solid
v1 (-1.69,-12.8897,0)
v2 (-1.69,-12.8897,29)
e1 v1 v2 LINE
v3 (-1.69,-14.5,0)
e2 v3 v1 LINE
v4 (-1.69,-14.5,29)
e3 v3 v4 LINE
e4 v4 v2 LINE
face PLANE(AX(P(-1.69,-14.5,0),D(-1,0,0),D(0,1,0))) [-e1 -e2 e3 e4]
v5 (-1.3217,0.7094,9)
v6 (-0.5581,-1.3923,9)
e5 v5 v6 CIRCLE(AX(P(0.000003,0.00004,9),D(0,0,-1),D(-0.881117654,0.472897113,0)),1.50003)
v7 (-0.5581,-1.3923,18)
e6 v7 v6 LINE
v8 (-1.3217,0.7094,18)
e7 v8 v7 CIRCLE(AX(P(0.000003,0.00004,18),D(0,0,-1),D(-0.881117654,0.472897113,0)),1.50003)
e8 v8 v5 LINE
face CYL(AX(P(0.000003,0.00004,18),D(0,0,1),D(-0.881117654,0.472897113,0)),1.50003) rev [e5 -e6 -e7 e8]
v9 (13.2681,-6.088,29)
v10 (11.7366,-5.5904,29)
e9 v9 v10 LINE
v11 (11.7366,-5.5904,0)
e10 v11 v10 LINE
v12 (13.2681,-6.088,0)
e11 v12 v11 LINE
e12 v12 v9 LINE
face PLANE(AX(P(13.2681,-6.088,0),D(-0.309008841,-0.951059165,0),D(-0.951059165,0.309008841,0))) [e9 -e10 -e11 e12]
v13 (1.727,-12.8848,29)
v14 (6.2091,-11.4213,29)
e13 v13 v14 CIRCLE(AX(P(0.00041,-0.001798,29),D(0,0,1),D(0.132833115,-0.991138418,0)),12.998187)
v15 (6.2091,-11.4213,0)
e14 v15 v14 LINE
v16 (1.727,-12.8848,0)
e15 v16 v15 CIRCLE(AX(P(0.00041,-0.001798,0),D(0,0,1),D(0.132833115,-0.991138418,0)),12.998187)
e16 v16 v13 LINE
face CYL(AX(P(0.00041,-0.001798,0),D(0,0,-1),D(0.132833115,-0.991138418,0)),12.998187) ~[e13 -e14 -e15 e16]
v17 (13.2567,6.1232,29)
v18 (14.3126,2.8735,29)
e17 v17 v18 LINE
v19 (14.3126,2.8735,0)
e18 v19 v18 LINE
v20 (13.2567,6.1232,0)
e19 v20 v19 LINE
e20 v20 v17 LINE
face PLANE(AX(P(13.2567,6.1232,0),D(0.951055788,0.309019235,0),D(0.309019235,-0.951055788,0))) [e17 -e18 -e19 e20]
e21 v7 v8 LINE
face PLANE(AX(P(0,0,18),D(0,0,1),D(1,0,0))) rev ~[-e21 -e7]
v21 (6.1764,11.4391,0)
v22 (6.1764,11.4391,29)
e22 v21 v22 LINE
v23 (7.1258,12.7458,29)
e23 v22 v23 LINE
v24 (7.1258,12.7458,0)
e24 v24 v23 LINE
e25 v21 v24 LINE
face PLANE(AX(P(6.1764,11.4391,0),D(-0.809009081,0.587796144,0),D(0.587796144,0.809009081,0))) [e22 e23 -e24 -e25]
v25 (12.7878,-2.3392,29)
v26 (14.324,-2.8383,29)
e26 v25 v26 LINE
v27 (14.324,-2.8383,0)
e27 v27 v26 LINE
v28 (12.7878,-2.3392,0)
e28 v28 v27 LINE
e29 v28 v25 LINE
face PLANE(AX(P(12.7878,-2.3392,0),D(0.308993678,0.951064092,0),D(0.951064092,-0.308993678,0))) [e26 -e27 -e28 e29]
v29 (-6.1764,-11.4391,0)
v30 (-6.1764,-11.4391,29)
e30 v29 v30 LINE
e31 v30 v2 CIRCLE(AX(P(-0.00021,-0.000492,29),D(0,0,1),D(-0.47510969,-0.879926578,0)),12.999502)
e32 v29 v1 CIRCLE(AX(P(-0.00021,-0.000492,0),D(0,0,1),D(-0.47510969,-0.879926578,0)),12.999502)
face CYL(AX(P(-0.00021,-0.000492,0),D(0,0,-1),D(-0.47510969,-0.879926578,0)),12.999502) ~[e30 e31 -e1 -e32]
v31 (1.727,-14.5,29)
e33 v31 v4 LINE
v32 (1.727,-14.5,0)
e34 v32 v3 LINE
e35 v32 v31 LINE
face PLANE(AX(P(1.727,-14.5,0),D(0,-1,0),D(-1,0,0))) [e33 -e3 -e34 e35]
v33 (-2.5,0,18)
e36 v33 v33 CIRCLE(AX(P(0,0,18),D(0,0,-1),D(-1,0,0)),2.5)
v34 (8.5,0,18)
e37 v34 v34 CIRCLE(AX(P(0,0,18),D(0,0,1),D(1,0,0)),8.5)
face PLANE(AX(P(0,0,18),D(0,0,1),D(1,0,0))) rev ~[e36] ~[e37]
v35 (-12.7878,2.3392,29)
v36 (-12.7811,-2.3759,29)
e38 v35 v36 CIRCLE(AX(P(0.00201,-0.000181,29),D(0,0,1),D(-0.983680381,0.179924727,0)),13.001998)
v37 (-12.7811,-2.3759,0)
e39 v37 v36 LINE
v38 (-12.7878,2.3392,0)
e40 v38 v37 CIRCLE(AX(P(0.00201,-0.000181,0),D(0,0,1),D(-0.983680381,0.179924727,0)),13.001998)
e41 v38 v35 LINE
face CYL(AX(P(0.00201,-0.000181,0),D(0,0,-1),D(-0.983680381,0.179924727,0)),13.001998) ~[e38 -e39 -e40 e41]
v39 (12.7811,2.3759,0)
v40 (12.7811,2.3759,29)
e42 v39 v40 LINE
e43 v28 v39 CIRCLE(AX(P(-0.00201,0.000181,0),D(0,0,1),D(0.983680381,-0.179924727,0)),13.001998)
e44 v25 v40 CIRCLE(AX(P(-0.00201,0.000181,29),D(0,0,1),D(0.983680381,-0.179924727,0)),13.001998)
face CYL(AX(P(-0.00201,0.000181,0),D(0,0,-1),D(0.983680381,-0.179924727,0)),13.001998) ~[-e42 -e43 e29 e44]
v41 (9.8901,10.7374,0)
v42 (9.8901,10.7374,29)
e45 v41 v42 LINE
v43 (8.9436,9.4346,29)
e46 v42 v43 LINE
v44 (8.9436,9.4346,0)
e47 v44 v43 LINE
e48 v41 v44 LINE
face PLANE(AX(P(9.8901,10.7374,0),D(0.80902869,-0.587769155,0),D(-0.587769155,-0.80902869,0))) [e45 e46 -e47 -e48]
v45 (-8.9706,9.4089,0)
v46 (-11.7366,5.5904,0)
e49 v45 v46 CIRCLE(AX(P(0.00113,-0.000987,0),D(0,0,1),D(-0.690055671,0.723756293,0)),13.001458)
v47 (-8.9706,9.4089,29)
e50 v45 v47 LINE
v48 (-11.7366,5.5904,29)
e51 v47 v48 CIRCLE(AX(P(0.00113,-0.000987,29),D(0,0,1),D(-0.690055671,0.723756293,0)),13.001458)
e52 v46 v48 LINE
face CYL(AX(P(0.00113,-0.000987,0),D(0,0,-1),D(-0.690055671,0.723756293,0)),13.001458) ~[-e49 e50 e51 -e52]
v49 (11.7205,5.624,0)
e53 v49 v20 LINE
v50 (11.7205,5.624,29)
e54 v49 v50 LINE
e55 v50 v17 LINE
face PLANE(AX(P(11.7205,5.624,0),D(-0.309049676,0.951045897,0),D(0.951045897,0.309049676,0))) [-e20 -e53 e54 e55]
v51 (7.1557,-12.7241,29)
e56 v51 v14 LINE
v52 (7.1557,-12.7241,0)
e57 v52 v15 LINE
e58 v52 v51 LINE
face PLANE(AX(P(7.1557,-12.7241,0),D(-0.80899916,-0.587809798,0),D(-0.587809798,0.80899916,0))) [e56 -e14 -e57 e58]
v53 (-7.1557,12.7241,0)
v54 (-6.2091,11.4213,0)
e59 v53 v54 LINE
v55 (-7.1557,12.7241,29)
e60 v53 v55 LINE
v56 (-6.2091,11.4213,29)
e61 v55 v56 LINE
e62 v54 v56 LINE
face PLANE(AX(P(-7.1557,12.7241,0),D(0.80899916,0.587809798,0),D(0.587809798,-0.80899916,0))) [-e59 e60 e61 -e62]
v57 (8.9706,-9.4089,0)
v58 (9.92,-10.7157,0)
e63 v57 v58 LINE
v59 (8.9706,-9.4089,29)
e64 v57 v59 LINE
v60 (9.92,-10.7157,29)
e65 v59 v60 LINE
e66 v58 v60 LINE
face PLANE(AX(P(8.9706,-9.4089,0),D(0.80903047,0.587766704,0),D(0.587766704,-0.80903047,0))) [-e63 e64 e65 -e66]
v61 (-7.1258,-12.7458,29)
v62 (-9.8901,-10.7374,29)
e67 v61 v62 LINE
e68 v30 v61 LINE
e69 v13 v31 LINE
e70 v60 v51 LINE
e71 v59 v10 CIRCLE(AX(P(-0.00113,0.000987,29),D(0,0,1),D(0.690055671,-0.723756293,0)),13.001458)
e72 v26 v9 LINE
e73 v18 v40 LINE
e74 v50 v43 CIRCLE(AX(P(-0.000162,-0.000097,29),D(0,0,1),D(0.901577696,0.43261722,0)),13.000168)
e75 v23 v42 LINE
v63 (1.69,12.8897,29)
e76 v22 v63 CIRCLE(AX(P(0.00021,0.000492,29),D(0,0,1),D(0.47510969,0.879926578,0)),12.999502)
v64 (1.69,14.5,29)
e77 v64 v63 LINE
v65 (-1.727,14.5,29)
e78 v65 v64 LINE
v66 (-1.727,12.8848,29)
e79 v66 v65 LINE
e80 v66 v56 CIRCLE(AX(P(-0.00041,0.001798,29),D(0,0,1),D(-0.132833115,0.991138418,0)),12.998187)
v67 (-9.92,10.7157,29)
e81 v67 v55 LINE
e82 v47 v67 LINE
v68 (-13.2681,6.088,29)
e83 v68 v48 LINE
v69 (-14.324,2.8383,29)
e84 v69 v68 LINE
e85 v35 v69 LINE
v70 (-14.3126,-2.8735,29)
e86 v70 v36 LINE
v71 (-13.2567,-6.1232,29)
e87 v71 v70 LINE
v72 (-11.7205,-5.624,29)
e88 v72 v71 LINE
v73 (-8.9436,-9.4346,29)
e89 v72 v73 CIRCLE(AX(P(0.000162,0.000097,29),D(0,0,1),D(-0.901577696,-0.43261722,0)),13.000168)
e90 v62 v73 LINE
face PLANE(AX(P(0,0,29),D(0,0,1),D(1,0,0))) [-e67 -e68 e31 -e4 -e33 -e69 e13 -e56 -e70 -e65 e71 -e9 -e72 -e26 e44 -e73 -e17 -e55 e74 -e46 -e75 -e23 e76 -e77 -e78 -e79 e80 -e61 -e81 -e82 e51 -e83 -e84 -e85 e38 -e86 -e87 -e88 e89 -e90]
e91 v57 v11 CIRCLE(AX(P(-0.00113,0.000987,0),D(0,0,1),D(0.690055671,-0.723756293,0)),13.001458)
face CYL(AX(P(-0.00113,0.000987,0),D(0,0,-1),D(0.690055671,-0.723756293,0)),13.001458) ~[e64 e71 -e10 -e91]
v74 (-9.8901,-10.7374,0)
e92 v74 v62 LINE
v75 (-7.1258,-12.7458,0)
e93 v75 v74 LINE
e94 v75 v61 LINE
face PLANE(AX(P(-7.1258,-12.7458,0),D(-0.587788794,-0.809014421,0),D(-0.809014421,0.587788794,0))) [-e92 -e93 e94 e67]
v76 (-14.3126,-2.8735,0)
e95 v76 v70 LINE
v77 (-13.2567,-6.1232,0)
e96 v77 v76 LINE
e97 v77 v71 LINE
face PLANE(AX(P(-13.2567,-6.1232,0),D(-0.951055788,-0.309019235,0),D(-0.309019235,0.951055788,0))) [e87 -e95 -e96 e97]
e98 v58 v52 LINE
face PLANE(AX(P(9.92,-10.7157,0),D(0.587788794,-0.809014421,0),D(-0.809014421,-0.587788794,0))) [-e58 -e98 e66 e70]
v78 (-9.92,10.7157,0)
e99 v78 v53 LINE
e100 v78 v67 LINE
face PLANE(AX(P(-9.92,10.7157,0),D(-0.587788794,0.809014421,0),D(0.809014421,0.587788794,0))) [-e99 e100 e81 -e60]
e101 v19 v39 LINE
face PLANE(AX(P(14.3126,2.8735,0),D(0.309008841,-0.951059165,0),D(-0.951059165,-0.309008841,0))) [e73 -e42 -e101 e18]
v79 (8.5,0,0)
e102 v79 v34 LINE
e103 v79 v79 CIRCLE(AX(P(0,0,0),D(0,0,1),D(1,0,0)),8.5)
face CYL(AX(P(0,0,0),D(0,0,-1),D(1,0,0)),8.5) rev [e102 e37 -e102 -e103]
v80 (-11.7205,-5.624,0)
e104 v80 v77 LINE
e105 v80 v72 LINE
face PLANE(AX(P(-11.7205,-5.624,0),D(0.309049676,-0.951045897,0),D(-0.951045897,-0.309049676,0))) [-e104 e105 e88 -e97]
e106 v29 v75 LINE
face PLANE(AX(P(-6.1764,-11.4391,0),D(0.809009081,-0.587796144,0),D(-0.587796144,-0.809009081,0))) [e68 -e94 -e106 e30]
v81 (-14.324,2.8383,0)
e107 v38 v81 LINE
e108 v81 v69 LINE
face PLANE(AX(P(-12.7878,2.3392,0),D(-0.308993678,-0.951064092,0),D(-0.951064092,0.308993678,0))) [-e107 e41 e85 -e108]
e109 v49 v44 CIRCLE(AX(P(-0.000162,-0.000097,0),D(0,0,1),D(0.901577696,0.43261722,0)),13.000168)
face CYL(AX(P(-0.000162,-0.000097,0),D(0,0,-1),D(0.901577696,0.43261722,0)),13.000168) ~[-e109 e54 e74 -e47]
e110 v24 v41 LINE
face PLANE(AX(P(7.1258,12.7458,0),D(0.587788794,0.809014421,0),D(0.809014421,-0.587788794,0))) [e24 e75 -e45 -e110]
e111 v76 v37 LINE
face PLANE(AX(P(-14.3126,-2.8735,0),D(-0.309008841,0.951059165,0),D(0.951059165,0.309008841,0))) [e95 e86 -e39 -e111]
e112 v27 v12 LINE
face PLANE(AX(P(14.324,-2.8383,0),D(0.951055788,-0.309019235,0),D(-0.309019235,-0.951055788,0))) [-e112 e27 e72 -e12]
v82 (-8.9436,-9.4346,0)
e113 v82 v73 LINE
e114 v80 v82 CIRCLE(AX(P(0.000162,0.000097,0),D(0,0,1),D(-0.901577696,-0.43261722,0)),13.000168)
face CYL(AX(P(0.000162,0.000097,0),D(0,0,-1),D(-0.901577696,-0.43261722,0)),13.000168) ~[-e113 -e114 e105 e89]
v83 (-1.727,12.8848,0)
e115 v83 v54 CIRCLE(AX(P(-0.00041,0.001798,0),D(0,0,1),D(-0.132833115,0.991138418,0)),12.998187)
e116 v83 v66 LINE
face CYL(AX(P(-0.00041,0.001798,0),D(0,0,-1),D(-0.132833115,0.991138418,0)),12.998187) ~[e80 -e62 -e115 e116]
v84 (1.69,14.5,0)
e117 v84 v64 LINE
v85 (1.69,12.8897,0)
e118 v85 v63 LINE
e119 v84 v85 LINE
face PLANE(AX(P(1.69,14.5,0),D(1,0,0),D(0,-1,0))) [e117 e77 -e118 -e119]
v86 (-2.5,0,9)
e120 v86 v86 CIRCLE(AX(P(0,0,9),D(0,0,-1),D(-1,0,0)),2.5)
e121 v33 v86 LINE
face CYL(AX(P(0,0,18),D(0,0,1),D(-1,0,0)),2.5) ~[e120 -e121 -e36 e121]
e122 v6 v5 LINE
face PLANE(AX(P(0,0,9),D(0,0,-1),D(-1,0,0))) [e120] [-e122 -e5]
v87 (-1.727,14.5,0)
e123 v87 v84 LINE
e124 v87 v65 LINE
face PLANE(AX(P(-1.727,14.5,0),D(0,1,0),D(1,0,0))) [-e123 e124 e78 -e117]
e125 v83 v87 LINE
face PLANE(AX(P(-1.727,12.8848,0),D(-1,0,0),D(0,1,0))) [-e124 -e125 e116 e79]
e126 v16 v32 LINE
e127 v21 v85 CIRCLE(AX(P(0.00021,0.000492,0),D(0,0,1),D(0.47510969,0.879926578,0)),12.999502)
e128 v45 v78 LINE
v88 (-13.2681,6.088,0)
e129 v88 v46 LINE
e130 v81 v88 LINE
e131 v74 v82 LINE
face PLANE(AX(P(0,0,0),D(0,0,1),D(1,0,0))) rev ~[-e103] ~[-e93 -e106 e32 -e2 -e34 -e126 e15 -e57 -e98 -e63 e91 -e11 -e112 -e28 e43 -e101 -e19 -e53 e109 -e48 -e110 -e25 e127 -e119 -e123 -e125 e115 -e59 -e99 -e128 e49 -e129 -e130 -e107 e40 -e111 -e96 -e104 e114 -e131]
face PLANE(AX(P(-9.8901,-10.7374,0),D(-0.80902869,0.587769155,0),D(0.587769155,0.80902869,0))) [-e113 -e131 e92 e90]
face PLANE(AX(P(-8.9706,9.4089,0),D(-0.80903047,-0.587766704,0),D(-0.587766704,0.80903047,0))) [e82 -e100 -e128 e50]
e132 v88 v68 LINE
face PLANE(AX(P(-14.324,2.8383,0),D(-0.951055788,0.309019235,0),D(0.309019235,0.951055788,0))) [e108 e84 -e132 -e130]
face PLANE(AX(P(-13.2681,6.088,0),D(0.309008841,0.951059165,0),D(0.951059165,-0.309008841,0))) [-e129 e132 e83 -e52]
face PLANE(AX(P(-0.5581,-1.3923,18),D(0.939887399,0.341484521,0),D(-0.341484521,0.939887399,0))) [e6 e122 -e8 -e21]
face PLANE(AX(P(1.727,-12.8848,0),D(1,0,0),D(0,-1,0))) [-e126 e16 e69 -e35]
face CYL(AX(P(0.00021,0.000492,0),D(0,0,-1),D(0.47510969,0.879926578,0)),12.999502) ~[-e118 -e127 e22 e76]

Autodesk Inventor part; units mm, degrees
ref_plane "YZ Plane" through (0, 0, 0) normal (1, 0, 0) x (0, 1, 0)
ref_plane "XZ Plane" through (0, 0, 0) normal (0, 1, 0) x (-1, 0, 0)
sketch "Sketch1" plane through (0, 0, 0) normal (0, 0, 1) x (1, 0, 0)
  circle A0 centre (0, 0) radius 17 construction
  circle A1 centre (0, 0) radius 8.5
  line L0 (-1.727, 14.5) -> (1.69, 14.5)
  line L1 (1.69, 14.5) -> (1.69, 12.8897)
  line L2 (-1.727, 12.8848) -> (-1.727, 14.5)
  line L3 (-7.1557, 12.7241) -> (-6.2091, 11.4213)
  line L4 (-9.92, 10.7157) -> (-7.1557, 12.7241)
  line L5 (-8.9706, 9.4089) -> (-9.92, 10.7157)
  line L6 (-13.2681, 6.088) -> (-11.7366, 5.5904)
  line L7 (-14.324, 2.8383) -> (-13.2681, 6.088)
  line L8 (-12.7878, 2.3392) -> (-14.324, 2.8383)
  line L9 (-14.3126, -2.8735) -> (-12.7811, -2.3759)
  line L10 (-13.2567, -6.1232) -> (-14.3126, -2.8735)
  line L11 (-11.7205, -5.624) -> (-13.2567, -6.1232)
  line L12 (-9.8901, -10.7374) -> (-8.9436, -9.4346)
  line L13 (-7.1258, -12.7458) -> (-9.8901, -10.7374)
  line L14 (-6.1764, -11.4391) -> (-7.1258, -12.7458)
  line L15 (-1.69, -14.5) -> (-1.69, -12.8897)
  line L16 (1.727, -14.5) -> (-1.69, -14.5)
  line L17 (1.727, -12.8848) -> (1.727, -14.5)
  line L18 (7.1557, -12.7241) -> (6.2091, -11.4213)
  line L19 (9.92, -10.7157) -> (7.1557, -12.7241)
  line L20 (8.9706, -9.4089) -> (9.92, -10.7157)
  line L21 (13.2681, -6.088) -> (11.7366, -5.5904)
  line L22 (14.324, -2.8383) -> (13.2681, -6.088)
  line L23 (12.7878, -2.3392) -> (14.324, -2.8383)
  line L24 (14.3126, 2.8735) -> (12.7811, 2.3759)
  line L25 (13.2567, 6.1232) -> (14.3126, 2.8735)
  line L26 (11.7205, 5.624) -> (13.2567, 6.1232)
  line L27 (9.8901, 10.7374) -> (8.9436, 9.4346)
  line L28 (7.1258, 12.7458) -> (9.8901, 10.7374)
  line L29 (6.1764, 11.4391) -> (7.1258, 12.7458)
  arc A2 (-1.727, 12.8848) -> (-6.2091, 11.4213) centre (0, 0) ccw construction
  arc A3 (-1.727, 12.8848) -> (-6.2091, 11.4213) centre (0, 0) ccw
  arc A4 (-8.9706, 9.4089) -> (-11.7366, 5.5904) centre (0, 0) ccw
  arc A5 (-8.9706, 9.4089) -> (-11.7366, 5.5904) centre (0, 0) ccw construction
  arc A6 (-12.7878, 2.3392) -> (-12.7811, -2.3759) centre (0, 0) ccw
  arc A7 (-12.7878, 2.3392) -> (-12.7811, -2.3759) centre (0, 0) ccw construction
  arc A8 (-11.7205, -5.624) -> (-8.9436, -9.4346) centre (0, 0) ccw
  arc A9 (-11.7205, -5.624) -> (-8.9436, -9.4346) centre (0, 0) ccw construction
  arc A10 (6.1764, 11.4391) -> (1.69, 12.8897) centre (0, 0) ccw construction
  arc A11 (6.1764, 11.4391) -> (1.69, 12.8897) centre (0, 0) ccw
  arc A12 (12.7878, -2.3392) -> (12.7811, 2.3759) centre (0, 0) ccw
  arc A13 (12.7878, -2.3392) -> (12.7811, 2.3759) centre (0, 0) ccw construction
  arc A14 (8.9706, -9.4089) -> (11.7366, -5.5904) centre (0, 0) ccw
  arc A15 (8.9706, -9.4089) -> (11.7366, -5.5904) centre (0, 0) ccw construction
  arc A16 (-6.1764, -11.4391) -> (-1.69, -12.8897) centre (0, 0) ccw
  arc A17 (1.727, -12.8848) -> (6.2091, -11.4213) centre (0, 0) ccw
  arc A18 (-6.1764, -11.4391) -> (-1.69, -12.8897) centre (0, 0) ccw construction
  arc A19 (1.727, -12.8848) -> (6.2091, -11.4213) centre (0, 0) ccw construction
  arc A20 (11.7205, 5.624) -> (8.9436, 9.4346) centre (0, 0) ccw
  dimension "d5" = 360
  dimension "d14" = 6
  dimension "d15" = 13
  dimension "d16" = 34
  dimension "d17" = 17
extrude "Extrusion1" add sketch "Sketch1" along normal blind 29
sketch "Sketch2" plane through (0, 0, 29) normal (0, 0, 1) x (1, 0, 0)
  line L0 (-6.2091, 11.4213) -> (-7.1557, 12.7241) projected
  line L1 (-7.1557, 12.7241) -> (-9.92, 10.7157) projected
  line L2 (-9.92, 10.7157) -> (-8.9706, 9.4089) projected
  arc A0 (-8.9706, 9.4089) -> (-11.7366, 5.5904) centre (0, 0) ccw projected
  line L3 (-11.7366, 5.5904) -> (-13.2681, 6.088) projected
  line L4 (-13.2681, 6.088) -> (-14.324, 2.8383) projected
  line L5 (-14.324, 2.8383) -> (-12.7878, 2.3392) projected
  arc A1 (-12.7878, 2.3392) -> (-12.7811, -2.3759) centre (0, 0) ccw projected
  line L6 (-12.7811, -2.3759) -> (-14.3126, -2.8735) projected
  line L7 (-14.3126, -2.8735) -> (-13.2567, -6.1232) projected
  line L8 (-13.2567, -6.1232) -> (-11.7205, -5.624) projected
  arc A2 (-11.7205, -5.624) -> (-8.9436, -9.4346) centre (0, 0) ccw projected
  line L9 (-8.9436, -9.4346) -> (-9.8901, -10.7374) projected
  line L10 (-9.8901, -10.7374) -> (-7.1258, -12.7458) projected
  line L11 (-7.1258, -12.7458) -> (-6.1764, -11.4391) projected
  arc A3 (-6.1764, -11.4391) -> (-1.69, -12.8897) centre (0, 0) ccw projected
  line L12 (-1.69, -12.8897) -> (-1.69, -14.5) projected
  line L13 (-1.69, -14.5) -> (1.727, -14.5) projected
  line L14 (1.727, -14.5) -> (1.727, -12.8848) projected
  arc A4 (1.727, -12.8848) -> (6.2091, -11.4213) centre (0, 0) ccw projected
  line L15 (6.2091, -11.4213) -> (7.1557, -12.7241) projected
  line L16 (7.1557, -12.7241) -> (9.92, -10.7157) projected
  line L17 (9.92, -10.7157) -> (8.9706, -9.4089) projected
  arc A5 (8.9706, -9.4089) -> (11.7366, -5.5904) centre (0, 0) ccw projected
  line L18 (11.7366, -5.5904) -> (13.2681, -6.088) projected
  line L19 (13.2681, -6.088) -> (14.324, -2.8383) projected
  line L20 (14.324, -2.8383) -> (12.7878, -2.3392) projected
  arc A6 (12.7878, -2.3392) -> (12.7811, 2.3759) centre (0, 0) ccw projected
  line L21 (12.7811, 2.3759) -> (14.3126, 2.8735) projected
  line L22 (14.3126, 2.8735) -> (13.2567, 6.1232) projected
  line L23 (13.2567, 6.1232) -> (11.7205, 5.624) projected
  arc A7 (11.7205, 5.624) -> (8.9436, 9.4346) centre (0, 0) ccw projected
  line L24 (8.9436, 9.4346) -> (9.8901, 10.7374) projected
  line L25 (9.8901, 10.7374) -> (7.1258, 12.7458) projected
  line L26 (7.1258, 12.7458) -> (6.1764, 11.4391) projected
  arc A8 (6.1764, 11.4391) -> (1.69, 12.8897) centre (0, 0) ccw projected
  line L27 (1.69, 12.8897) -> (1.69, 14.5) projected
  line L28 (1.69, 14.5) -> (-1.727, 14.5) projected
  line L29 (-1.727, 14.5) -> (-1.727, 12.8848) projected
  arc A9 (-1.727, 12.8848) -> (-6.2091, 11.4213) centre (0, 0) ccw projected
  circle A10 centre (0, 0) radius 8.5 projected
  circle A11 centre (0, 0) radius 8.5
extrude "Extrusion2" add sketch "Sketch2" against normal blind 11 contours A10
sketch "Sketch3" plane through (0, 0, 18) normal (0, 0, -1) x (-1, 0, 0)
  arc A0 (1.3217, 0.7094) -> (0.5581, -1.3923) centre (0, 0) ccw
  line L0 (0.5581, -1.3923) -> (1.3217, 0.7094)
  circle A1 centre (0, 0) radius 2.5
  point P0 (0, 0)
  dimension "d11" = 5
extrude "Extrusion3" add sketch "Sketch3" along normal blind 9
ref_plane "Work Plane1" through (-0.5337, -1.6424, 0) normal (-0.9511, 0.309, 0) x (0, 0, 1)
sketch "Sketch4" plane through (-0.5337, -1.6424, 0) normal (-0.9511, 0.309, 0) x (0, 0, 1)
  line L0 (31.9338, 1.727) -> (-3.3978, 1.727) construction
  point P0 (0, 1.727)
ref_plane "Work Plane2" through (0, 0, 29) normal (0, 0, 1) x (1, 0, 0)
sketch "Sketch5" plane through (0, 0, 29) normal (0, 0, 1) x (1, 0, 0)
  circle A0 centre (0, 0) radius 17 construction
  dimension "d19" = 34
properties part number "felga_CPY"
